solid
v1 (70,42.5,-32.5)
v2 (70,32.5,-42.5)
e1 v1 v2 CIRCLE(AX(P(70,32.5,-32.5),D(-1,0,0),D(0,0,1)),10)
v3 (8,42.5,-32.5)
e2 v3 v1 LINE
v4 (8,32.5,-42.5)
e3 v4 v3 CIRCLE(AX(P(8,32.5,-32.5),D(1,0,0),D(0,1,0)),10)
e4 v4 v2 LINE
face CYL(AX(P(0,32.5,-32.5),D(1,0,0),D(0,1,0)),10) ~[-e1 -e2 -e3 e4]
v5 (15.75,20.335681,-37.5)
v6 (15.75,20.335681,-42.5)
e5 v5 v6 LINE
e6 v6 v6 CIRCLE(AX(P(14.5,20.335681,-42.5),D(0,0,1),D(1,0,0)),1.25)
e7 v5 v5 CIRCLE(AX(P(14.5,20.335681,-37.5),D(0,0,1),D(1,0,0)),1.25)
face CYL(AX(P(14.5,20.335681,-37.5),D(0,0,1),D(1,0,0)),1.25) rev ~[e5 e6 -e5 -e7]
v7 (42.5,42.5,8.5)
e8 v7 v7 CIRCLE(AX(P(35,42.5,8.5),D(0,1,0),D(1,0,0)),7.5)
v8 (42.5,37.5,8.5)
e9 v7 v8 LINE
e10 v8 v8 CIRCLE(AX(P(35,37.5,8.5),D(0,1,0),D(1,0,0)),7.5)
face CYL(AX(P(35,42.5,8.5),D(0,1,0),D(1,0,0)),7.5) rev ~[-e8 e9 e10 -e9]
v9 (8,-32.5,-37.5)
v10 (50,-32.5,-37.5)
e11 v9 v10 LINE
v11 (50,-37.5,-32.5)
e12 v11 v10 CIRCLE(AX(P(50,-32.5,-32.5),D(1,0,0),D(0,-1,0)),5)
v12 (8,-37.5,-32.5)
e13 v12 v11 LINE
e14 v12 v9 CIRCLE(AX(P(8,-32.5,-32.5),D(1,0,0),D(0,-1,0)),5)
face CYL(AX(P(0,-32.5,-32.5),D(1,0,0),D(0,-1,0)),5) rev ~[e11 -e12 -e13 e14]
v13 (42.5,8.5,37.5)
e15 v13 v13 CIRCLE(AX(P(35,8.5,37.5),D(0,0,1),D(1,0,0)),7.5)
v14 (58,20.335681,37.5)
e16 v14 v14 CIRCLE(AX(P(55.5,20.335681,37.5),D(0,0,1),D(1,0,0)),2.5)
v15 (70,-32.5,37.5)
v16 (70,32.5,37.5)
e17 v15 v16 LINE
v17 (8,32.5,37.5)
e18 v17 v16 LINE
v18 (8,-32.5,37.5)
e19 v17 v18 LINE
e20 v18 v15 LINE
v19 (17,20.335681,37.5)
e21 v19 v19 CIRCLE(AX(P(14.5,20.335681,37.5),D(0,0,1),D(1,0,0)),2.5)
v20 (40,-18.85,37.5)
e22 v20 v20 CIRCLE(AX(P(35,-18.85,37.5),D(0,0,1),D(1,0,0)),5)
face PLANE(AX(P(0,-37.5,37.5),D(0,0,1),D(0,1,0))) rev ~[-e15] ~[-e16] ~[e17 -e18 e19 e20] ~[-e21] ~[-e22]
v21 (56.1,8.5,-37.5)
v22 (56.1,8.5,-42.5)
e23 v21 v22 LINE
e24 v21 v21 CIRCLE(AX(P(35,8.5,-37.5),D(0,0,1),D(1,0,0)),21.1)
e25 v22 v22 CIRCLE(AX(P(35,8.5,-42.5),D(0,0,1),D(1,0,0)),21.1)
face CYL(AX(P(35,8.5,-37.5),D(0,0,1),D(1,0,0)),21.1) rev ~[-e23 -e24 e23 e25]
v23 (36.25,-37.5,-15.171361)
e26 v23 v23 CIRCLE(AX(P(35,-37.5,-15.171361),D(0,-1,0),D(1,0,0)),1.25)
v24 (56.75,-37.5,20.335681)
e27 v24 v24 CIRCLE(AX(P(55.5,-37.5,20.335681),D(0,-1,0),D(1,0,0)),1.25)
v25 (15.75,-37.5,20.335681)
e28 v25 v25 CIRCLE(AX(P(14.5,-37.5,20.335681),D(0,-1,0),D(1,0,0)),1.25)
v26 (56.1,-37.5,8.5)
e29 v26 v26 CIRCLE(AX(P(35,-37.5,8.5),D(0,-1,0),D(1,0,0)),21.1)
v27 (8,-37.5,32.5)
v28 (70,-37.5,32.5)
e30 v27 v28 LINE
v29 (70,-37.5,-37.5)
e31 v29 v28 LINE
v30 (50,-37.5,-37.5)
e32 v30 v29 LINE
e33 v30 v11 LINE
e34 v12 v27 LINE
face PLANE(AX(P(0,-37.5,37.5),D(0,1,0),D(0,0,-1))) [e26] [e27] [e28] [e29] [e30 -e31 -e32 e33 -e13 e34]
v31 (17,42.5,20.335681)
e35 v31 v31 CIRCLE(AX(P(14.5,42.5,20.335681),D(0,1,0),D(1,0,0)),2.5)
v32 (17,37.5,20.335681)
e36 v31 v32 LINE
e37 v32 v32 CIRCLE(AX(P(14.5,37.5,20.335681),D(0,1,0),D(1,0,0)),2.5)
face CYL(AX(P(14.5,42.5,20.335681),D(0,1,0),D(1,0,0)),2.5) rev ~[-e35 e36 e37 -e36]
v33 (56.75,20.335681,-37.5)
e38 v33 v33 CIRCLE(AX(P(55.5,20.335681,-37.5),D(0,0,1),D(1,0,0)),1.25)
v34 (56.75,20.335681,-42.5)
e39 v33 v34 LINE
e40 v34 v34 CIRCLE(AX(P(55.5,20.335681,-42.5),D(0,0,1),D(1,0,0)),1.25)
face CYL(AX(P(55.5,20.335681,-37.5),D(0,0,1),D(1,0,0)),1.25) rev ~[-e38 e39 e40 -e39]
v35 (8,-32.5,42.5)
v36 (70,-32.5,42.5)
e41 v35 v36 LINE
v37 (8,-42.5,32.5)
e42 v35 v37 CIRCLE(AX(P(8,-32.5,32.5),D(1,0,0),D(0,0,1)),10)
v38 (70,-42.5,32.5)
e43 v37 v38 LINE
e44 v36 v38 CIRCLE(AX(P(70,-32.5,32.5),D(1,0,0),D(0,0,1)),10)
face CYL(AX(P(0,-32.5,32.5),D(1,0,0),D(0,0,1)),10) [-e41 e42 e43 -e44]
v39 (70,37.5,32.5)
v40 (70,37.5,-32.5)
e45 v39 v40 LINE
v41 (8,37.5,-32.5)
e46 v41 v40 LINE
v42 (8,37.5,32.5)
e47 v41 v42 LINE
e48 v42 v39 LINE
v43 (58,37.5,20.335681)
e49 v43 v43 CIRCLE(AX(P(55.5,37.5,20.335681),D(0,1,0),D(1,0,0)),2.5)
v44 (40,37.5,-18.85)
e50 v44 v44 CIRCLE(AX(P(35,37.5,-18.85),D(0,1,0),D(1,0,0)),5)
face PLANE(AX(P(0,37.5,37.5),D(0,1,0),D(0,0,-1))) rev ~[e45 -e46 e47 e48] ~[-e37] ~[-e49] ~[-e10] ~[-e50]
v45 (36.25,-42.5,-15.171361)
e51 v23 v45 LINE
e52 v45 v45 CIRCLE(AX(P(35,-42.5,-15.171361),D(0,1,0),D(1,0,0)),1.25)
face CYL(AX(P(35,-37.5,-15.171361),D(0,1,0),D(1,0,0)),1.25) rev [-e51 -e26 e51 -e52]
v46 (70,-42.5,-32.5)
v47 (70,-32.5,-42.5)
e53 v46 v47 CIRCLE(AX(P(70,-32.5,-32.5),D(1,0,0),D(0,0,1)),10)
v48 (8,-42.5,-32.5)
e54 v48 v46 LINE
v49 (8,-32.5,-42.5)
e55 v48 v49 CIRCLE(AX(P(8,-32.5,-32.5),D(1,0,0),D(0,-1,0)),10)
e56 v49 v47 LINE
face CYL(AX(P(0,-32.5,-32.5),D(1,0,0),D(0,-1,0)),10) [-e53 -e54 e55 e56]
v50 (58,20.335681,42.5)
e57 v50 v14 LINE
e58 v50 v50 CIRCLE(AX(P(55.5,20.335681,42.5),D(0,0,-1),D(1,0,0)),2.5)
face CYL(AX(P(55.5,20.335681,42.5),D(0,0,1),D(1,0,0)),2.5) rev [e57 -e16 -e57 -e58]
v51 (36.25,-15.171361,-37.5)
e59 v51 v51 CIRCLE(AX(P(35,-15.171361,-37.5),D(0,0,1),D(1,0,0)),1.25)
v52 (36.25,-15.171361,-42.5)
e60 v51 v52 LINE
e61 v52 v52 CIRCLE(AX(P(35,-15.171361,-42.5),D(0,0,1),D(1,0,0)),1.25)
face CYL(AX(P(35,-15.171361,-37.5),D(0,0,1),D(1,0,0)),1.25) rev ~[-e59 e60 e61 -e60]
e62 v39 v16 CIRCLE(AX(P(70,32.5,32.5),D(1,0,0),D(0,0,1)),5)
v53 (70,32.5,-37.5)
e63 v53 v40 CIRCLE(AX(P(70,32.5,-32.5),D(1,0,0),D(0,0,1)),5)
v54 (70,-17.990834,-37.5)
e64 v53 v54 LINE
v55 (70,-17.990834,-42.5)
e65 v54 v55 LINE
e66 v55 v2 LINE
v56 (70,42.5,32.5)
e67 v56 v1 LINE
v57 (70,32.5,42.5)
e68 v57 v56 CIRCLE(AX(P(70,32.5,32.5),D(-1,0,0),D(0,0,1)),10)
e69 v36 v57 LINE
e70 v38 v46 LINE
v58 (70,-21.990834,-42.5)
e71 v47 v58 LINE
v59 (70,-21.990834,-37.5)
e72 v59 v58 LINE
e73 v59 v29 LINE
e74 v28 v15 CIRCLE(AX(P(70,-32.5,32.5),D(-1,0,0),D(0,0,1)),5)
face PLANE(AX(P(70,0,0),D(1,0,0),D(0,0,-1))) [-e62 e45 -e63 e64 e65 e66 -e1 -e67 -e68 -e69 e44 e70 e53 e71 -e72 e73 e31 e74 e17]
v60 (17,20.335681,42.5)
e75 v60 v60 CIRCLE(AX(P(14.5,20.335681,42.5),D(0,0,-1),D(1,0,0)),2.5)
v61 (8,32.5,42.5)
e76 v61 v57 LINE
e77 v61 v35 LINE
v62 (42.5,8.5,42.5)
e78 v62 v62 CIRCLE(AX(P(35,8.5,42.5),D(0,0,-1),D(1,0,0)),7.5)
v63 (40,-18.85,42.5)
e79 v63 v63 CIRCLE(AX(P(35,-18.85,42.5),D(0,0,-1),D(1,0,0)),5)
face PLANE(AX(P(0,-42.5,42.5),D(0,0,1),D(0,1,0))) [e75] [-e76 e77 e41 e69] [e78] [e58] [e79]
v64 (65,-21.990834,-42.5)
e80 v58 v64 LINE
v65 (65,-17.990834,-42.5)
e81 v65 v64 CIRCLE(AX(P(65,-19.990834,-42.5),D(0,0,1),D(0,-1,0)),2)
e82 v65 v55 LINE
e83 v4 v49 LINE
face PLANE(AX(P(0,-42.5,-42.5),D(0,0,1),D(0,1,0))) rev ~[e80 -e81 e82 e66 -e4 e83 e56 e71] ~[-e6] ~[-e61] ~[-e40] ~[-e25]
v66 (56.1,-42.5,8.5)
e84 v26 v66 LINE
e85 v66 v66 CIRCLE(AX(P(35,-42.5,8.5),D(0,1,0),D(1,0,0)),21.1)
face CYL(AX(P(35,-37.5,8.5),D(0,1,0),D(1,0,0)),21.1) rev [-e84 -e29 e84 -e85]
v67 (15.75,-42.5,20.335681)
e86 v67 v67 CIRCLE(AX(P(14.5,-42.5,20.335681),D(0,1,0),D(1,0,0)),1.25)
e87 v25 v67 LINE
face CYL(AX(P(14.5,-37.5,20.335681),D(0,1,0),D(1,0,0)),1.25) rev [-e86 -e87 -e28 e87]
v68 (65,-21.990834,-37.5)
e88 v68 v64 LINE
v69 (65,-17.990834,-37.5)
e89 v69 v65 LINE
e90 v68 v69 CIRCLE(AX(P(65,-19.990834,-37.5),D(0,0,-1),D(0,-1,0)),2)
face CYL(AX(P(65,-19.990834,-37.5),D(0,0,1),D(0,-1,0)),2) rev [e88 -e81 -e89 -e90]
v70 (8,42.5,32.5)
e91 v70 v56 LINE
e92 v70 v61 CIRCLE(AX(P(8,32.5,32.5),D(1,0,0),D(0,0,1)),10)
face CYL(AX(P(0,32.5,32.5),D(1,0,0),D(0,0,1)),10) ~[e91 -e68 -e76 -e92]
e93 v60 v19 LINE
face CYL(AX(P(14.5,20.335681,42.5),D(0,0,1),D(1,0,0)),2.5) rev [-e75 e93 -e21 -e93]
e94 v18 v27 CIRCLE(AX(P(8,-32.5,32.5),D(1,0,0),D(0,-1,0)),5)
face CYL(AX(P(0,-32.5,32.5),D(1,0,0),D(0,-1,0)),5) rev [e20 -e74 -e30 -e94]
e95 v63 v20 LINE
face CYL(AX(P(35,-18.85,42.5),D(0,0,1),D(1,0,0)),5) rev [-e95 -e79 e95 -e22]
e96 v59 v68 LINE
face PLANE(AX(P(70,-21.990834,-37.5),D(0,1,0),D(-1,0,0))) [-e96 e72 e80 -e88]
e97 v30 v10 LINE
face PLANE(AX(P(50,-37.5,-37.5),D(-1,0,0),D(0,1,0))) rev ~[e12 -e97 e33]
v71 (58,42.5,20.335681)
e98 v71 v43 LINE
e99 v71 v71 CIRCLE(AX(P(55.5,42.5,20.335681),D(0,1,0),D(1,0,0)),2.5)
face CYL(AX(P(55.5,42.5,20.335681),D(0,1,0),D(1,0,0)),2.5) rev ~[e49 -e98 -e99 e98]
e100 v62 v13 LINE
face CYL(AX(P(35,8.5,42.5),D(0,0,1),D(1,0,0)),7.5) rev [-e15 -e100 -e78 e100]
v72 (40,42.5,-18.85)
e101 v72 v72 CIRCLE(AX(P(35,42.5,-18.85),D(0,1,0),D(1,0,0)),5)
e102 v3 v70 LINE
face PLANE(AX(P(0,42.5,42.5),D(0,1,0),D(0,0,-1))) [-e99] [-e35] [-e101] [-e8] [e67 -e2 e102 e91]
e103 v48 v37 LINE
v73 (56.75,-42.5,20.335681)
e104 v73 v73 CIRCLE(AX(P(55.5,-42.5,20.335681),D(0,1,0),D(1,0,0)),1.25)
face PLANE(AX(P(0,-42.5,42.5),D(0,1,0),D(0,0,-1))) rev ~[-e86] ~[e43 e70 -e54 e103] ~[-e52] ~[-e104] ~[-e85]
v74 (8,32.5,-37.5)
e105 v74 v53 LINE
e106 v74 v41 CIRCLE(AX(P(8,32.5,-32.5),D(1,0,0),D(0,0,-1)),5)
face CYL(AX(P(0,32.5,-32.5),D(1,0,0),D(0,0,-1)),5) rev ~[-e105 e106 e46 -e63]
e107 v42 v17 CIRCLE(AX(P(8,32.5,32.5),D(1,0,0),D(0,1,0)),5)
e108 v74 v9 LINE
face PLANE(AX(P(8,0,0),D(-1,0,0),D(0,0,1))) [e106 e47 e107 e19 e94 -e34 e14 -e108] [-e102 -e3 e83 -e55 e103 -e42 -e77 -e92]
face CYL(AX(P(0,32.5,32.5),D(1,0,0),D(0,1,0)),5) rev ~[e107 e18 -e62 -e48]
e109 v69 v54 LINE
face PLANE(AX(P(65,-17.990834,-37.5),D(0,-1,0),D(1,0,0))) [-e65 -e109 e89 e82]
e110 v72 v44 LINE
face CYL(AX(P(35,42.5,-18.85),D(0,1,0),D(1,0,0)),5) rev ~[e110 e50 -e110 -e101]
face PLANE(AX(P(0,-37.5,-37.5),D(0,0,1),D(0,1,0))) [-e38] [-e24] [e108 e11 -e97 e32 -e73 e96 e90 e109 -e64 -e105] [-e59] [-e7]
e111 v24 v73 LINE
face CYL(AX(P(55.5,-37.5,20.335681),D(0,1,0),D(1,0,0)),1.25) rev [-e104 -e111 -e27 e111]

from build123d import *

# Parameters (mm, degrees)
SKETCH_2_W          = 85
SKETCH_2_H          = 85
SKETCH_2_W_2        = 75
SKETCH_2_H_2        = 75
EXTRUDE_1_DEPTH     = 70
SKETCH_3_R          = 21.1
CUT_EXTRUDE_1_DEPTH = 10
SKETCH_4_R          = 1.25
CUT_EXTRUDE_2_DEPTH = 10
FILLET_1_R          = 5
FILLET_2_R          = 10
SKETCH_5_W          = 97.414855886
SKETCH_5_H          = 125.778371442
CUT_EXTRUDE_3_DEPTH = 8
SKETCH_6_R          = 5
CUT_EXTRUDE_4_DEPTH = 10
SKETCH_13_R         = 7.5
SKETCH_13_R_2       = 2.5
CUT_EXTRUDE_7_DEPTH = 31
SKETCH_15_W         = 20
SKETCH_15_H         = 16
CUT_EXTRUDE_8_DEPTH = 12
CUT_EXTRUDE_9_DEPTH = 12


with BuildPart() as part:
    # 草图2 → 凸台-拉伸1 (new body)
    with BuildSketch(Plane(origin=(0, 0, 0), x_dir=(0, 0, -1), z_dir=(1, 0, 0))):
        Rectangle(SKETCH_2_W, SKETCH_2_H)
        Rectangle(SKETCH_2_W_2, SKETCH_2_H_2, mode=Mode.SUBTRACT)
    extrude(amount=EXTRUDE_1_DEPTH)

    # 草图3 → 切除-拉伸1 (cut)
    with BuildSketch(Plane.XY.offset(-37.5)):
        with Locations((35, 8.5)):
            Circle(SKETCH_3_R)
    cut_extrude_1 = extrude(amount=-CUT_EXTRUDE_1_DEPTH, mode=Mode.SUBTRACT)

    # 草图4 → 切除-拉伸2 (cut)
    with BuildSketch(Plane.XY.offset(-37.5)):
        with Locations((14.5, 20.335680518)):
            Circle(SKETCH_4_R)
        with Locations((35, -15.171361037)):
            Circle(SKETCH_4_R)
        with Locations((55.5, 20.335680518)):
            Circle(SKETCH_4_R)
    cut_extrude_2 = extrude(amount=-CUT_EXTRUDE_2_DEPTH, mode=Mode.SUBTRACT)

    # 镜向1: 切除-拉伸1, 切除-拉伸2 across plane
    add(cut_extrude_1.mirror(Plane(origin=(0, 0, 0), x_dir=(0, 0.7071067811865476, 0.7071067811865475), z_dir=(0, 0.7071067811865475, -0.7071067811865476))), mode=Mode.SUBTRACT)
    add(cut_extrude_2.mirror(Plane(origin=(0, 0, 0), x_dir=(0, 0.7071067811865476, 0.7071067811865475), z_dir=(0, 0.7071067811865475, -0.7071067811865476))), mode=Mode.SUBTRACT)

    # 圆角1
    fillet_1_edges = [part.edges().sort_by_distance(p)[0] for p in [
        (35, 37.5, 37.5),
        (35, -37.5, 37.5),
        (35, -37.5, -37.5),
        (35, 37.5, -37.5),
    ]]
    fillet(fillet_1_edges, radius=FILLET_1_R)

    # 圆角2
    fillet_2_edges = [part.edges().sort_by_distance(p)[0] for p in [
        (35, 42.5, 42.5),
        (35, -42.5, 42.5),
        (35, -42.5, -42.5),
        (35, 42.5, -42.5),
    ]]
    fillet(fillet_2_edges, radius=FILLET_2_R)

    # 草图5 → 切除-拉伸3 (cut)
    with BuildSketch(Plane.ZY):
        Rectangle(SKETCH_5_W, SKETCH_5_H)
    extrude(amount=-CUT_EXTRUDE_3_DEPTH, mode=Mode.SUBTRACT)

    # 草图6 → 切除-拉伸4 (cut)
    with BuildSketch(Plane(origin=(0, 42.5, 0), x_dir=(1, 0, 0), z_dir=(0, 1, 0))):
        with Locations((35, 18.85)):
            Circle(SKETCH_6_R)
    cut_extrude_4 = extrude(amount=-CUT_EXTRUDE_4_DEPTH, mode=Mode.SUBTRACT)

    # 镜向2: 切除-拉伸4 across plane
    add(cut_extrude_4.mirror(Plane(origin=(0, 0, 0), x_dir=(0, 0.7071067811865476, 0.7071067811865475), z_dir=(0, 0.7071067811865475, -0.7071067811865476))), mode=Mode.SUBTRACT)

    # 草图13 → 切除-拉伸7 (cut)
    with BuildSketch(Plane(origin=(0, 42.5, 0), x_dir=(1, 0, 0), z_dir=(0, 1, 0))):
        with Locations((35, -8.5)):
            Circle(SKETCH_13_R)
        with Locations((55.5, -20.335680518)):
            Circle(SKETCH_13_R_2)
        with Locations((14.5, -20.335680518)):
            Circle(SKETCH_13_R_2)
    cut_extrude_7 = extrude(amount=-CUT_EXTRUDE_7_DEPTH, mode=Mode.SUBTRACT)

    # 镜向5: 切除-拉伸7 across plane
    add(cut_extrude_7.mirror(Plane(origin=(0, 0, 0), x_dir=(0, 0.7071067811865476, 0.7071067811865475), z_dir=(0, 0.7071067811865475, -0.7071067811865476))), mode=Mode.SUBTRACT)

    # 草图15 → 切除-拉伸8 (cut)
    with BuildSketch(Plane.XY.offset(-37.5)):
        with Locations((60, -29.5)):
            Rectangle(SKETCH_15_W, SKETCH_15_H)
    extrude(amount=CUT_EXTRUDE_8_DEPTH, mode=Mode.SUBTRACT)

    # 草图16 → 切除-拉伸9 (cut)
    with BuildSketch(Plane.XY.offset(-37.5)):
        with BuildLine():
            Line((65, -17.990833729), (70, -17.990833729))
            ThreePointArc((70, -17.990833729), (72, -19.990833729), (70, -21.990833729))
            Line((70, -21.990833729), (65, -21.990833729))
            ThreePointArc((65, -21.990833729), (63, -19.990833729), (65, -17.990833729))
        make_face()
    extrude(amount=-CUT_EXTRUDE_9_DEPTH, mode=Mode.SUBTRACT)


solid = part.part
